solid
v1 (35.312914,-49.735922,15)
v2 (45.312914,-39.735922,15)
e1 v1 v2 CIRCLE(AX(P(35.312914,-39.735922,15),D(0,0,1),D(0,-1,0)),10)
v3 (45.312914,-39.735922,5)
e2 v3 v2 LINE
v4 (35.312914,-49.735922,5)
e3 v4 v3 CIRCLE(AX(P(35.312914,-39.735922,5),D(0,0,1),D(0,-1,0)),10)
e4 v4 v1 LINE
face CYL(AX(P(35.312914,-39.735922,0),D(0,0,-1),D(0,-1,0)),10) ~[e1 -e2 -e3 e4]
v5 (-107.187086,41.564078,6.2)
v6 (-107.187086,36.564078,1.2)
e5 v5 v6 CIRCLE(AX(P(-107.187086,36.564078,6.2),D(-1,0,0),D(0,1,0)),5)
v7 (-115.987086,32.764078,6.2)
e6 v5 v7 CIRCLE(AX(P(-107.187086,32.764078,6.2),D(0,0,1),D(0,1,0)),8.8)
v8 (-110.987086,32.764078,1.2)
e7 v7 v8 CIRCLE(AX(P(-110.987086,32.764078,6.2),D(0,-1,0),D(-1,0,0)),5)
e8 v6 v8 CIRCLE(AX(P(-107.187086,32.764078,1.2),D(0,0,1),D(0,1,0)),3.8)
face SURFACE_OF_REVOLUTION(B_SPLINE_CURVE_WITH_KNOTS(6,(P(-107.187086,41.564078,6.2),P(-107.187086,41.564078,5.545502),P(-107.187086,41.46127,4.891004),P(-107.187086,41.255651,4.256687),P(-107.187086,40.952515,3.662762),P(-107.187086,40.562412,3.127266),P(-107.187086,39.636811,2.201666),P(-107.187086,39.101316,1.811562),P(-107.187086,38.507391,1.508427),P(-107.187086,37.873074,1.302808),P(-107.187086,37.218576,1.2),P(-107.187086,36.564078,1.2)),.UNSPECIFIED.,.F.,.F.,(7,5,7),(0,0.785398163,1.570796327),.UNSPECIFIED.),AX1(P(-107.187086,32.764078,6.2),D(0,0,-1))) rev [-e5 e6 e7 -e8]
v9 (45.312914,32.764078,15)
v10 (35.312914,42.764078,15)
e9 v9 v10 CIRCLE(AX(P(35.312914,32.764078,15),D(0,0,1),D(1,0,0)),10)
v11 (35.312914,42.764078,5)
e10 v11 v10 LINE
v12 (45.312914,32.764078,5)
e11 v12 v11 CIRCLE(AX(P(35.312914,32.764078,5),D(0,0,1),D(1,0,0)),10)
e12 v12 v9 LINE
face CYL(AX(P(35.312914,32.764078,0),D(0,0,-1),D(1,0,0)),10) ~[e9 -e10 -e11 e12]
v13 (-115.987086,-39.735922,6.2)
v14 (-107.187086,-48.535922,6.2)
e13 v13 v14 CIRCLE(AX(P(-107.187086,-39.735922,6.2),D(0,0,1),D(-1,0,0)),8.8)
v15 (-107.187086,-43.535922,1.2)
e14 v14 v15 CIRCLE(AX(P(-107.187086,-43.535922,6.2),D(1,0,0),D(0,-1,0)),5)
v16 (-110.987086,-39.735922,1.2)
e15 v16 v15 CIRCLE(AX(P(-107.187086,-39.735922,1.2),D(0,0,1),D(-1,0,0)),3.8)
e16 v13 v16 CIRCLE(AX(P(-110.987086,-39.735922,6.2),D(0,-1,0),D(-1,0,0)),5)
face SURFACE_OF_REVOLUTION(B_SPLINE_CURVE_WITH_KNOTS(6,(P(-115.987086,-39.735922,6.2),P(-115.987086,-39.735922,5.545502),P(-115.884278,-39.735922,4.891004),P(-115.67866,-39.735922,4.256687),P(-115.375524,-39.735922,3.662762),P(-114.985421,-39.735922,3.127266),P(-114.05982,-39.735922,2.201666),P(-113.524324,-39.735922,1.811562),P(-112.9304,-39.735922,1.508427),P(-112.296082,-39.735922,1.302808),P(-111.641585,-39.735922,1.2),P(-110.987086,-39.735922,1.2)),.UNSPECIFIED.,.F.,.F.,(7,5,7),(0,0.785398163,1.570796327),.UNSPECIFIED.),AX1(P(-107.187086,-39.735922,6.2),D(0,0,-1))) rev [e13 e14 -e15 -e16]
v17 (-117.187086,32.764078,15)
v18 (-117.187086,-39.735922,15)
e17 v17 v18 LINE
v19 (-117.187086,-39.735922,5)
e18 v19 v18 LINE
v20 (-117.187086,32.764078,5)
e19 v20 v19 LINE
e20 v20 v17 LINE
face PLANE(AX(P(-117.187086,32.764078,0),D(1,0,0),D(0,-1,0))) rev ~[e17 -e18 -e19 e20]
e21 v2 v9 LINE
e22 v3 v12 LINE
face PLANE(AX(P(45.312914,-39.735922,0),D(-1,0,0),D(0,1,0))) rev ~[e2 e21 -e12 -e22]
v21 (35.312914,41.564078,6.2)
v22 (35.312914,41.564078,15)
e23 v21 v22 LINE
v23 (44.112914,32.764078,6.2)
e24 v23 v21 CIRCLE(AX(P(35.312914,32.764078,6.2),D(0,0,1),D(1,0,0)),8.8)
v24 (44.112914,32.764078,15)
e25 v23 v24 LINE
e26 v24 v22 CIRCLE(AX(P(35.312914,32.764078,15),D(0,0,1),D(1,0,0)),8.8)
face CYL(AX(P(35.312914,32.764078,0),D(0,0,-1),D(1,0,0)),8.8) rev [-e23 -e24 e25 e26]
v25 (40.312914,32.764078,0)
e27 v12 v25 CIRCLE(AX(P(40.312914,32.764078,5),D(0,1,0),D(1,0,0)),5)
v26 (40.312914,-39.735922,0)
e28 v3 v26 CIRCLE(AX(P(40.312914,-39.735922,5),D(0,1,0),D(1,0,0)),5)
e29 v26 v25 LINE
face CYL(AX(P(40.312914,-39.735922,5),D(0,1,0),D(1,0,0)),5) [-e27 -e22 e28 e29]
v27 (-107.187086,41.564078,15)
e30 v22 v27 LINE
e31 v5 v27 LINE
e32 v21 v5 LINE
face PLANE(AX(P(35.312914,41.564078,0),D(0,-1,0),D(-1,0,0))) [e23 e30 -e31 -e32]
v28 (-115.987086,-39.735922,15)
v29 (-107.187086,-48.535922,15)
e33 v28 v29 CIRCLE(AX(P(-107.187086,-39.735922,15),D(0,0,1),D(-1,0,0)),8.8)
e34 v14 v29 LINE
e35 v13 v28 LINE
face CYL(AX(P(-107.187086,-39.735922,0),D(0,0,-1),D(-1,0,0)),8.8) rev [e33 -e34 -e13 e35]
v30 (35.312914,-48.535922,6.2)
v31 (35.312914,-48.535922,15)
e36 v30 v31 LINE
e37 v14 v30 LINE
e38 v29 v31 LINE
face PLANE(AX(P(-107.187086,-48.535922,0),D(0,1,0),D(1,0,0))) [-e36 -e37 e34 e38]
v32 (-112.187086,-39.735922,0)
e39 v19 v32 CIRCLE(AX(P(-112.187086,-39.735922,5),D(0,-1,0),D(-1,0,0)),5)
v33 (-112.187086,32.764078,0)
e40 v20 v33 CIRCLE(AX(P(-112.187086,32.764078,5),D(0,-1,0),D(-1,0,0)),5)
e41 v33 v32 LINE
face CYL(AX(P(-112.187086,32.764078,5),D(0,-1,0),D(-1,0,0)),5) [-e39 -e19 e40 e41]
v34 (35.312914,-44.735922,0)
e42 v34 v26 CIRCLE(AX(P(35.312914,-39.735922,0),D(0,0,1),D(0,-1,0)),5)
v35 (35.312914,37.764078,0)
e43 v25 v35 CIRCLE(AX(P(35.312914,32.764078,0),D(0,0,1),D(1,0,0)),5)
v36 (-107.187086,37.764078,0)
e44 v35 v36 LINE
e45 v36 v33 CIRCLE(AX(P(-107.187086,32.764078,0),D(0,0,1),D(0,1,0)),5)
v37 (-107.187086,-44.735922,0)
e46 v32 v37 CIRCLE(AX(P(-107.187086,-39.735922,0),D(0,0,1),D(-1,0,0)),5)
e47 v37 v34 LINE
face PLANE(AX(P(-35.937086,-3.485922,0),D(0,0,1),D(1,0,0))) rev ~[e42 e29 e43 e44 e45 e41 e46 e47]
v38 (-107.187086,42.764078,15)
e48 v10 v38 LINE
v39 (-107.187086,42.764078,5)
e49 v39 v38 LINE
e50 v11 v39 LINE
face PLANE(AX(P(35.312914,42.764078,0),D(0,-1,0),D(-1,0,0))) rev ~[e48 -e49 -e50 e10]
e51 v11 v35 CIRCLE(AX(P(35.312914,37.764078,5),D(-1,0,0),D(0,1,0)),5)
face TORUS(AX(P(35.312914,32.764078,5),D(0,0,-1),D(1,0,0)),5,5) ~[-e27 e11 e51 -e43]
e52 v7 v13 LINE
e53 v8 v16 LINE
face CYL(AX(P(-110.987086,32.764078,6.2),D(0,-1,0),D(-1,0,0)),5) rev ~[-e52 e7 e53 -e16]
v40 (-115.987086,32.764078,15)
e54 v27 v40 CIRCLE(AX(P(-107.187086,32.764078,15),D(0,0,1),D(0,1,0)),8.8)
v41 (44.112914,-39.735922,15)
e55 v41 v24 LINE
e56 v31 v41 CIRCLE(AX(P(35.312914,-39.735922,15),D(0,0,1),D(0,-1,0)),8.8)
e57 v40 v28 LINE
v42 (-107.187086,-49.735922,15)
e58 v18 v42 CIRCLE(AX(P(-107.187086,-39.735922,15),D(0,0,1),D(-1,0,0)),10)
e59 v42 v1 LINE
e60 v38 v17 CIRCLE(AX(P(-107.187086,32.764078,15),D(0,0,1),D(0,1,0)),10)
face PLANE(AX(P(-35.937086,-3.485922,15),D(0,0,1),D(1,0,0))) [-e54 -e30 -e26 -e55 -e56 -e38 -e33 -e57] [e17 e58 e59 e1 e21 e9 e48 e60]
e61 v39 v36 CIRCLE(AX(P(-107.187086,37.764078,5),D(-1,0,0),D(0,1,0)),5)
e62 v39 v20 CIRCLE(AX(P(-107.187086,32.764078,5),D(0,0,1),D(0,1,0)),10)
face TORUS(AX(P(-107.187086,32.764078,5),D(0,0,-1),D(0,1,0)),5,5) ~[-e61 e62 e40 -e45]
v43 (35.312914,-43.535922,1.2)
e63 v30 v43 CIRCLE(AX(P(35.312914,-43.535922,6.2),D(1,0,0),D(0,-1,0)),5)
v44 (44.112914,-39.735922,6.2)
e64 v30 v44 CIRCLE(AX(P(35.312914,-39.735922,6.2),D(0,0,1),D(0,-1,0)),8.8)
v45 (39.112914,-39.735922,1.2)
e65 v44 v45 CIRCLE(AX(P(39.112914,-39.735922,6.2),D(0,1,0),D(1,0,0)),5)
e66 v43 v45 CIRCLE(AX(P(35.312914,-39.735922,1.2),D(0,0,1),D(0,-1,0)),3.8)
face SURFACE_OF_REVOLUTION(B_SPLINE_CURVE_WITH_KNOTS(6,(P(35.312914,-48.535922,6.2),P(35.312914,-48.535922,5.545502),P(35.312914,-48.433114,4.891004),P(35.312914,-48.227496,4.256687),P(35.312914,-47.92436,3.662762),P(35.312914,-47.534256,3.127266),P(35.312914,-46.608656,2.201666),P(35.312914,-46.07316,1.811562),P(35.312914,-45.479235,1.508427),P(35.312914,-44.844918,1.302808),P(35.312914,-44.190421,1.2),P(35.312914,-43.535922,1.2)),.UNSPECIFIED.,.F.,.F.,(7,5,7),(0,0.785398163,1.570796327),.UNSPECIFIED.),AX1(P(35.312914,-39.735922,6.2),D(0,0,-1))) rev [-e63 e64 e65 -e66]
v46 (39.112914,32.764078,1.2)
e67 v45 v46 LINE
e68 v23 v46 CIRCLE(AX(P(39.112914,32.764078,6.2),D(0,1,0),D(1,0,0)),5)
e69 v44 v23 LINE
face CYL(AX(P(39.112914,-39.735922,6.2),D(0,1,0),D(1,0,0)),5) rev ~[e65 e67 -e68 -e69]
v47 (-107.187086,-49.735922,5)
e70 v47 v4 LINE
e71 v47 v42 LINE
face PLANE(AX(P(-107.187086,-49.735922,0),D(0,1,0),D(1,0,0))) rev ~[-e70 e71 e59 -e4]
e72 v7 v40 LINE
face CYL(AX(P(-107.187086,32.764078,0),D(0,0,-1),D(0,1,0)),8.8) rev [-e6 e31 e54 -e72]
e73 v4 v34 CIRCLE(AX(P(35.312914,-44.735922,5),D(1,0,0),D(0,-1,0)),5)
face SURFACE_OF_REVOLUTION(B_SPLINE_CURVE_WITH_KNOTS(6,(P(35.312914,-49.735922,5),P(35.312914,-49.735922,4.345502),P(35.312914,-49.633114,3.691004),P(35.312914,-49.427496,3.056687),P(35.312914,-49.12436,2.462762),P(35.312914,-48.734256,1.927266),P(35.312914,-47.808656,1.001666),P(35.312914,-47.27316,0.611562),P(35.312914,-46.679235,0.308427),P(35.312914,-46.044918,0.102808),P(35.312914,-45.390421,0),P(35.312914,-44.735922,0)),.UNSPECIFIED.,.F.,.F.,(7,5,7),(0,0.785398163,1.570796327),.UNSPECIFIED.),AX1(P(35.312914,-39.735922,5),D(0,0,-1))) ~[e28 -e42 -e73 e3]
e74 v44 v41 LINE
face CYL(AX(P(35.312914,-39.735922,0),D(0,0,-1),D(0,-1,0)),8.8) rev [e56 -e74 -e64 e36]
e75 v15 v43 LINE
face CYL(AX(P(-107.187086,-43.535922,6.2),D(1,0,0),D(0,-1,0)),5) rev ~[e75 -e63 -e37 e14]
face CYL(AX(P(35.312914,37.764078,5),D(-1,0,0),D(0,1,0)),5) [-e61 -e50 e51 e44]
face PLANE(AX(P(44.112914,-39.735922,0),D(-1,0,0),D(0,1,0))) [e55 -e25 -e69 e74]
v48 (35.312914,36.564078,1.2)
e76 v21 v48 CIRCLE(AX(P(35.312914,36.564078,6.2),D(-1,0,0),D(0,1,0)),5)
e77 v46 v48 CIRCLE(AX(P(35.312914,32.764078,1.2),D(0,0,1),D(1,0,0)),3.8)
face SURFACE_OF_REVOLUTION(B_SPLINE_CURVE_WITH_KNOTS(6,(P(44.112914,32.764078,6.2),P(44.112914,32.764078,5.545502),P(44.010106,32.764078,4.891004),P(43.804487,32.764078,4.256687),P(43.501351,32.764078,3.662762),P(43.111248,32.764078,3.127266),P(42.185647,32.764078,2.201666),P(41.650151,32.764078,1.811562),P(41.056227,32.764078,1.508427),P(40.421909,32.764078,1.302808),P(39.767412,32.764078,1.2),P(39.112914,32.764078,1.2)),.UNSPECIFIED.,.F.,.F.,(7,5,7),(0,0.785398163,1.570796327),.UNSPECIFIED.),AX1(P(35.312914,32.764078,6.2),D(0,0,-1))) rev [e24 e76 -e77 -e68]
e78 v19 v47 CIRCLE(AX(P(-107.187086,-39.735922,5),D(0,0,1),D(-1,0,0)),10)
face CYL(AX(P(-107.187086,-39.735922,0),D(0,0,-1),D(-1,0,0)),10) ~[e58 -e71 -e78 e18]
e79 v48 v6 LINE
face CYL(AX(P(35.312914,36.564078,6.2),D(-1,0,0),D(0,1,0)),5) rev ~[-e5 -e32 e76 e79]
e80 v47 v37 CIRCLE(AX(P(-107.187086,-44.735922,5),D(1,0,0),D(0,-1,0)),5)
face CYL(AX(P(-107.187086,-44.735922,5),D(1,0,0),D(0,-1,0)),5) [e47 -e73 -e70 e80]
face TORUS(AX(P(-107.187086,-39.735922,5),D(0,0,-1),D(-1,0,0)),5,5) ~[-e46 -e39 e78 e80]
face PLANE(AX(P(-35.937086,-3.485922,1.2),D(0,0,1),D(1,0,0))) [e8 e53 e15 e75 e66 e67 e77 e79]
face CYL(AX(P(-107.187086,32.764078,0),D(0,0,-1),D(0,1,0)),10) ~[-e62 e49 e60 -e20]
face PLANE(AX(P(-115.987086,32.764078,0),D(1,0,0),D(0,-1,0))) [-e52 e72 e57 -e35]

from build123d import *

# Parameters (mm, degrees)
F1_DEPTH = 15
F2_T     = -1.2
F3_R     = 5
F4_R     = 5


with BuildPart() as f1:
    # F0 (on Top) → F1 (new body)
    with BuildSketch(Plane.XY):
        with BuildLine():
            Line((35.3129135817, 42.7640778485), (-107.1870864183, 42.7640778485))
            ThreePointArc((-107.1870864183, 42.7640778485), (-114.2581542301, 39.8351456603), (-117.1870864183, 32.7640778485))
            Line((-117.1870864183, 32.7640778485), (-117.1870864183, -39.7359221515))
            ThreePointArc((-117.1870864183, -39.7359221515), (-114.2581542301, -46.8069899634), (-107.1870864183, -49.7359221515))
            Line((-107.1870864183, -49.7359221515), (35.3129135817, -49.7359221515))
            ThreePointArc((35.3129135817, -49.7359221515), (42.3839813936, -46.8069899634), (45.3129135817, -39.7359221515))
            Line((45.3129135817, -39.7359221515), (45.3129135817, 32.7640778485))
            ThreePointArc((45.3129135817, 32.7640778485), (42.3839813936, 39.8351456603), (35.3129135817, 42.7640778485))
        make_face()
    extrude(amount=F1_DEPTH)

    # F2
    f2_openings = [f1.faces().sort_by_distance(p)[0] for p in [
        (-35.937086, -3.485922, 15),
    ]]
    offset(amount=F2_T, openings=f2_openings)

    # F3
    f3_edges = [f1.edges().sort_by_distance(p)[0] for p in [
        (-35.937086, 41.564078, 1.2),
        (-113.409626, 38.986618, 1.2),
        (-115.987086, -3.485922, 1.2),
        (-113.409626, -45.958462, 1.2),
        (-35.937086, -48.535922, 1.2),
        (41.535453, -45.958462, 1.2),
        (44.112914, -3.485922, 1.2),
        (41.535453, 38.986618, 1.2),
    ]]
    fillet(f3_edges, radius=F3_R)

    # F4
    f4_edges = [f1.edges().sort_by_distance(p)[0] for p in [
        (-35.937086, 42.764078, 0),
        (-114.258154, 39.835146, 0),
        (-117.187086, -3.485922, 0),
        (-114.258154, -46.80699, 0),
        (-35.937086, -49.735922, 0),
        (42.383981, -46.80699, 0),
        (45.312914, -3.485922, 0),
        (42.383981, 39.835146, 0),
    ]]
    fillet(f4_edges, radius=F4_R)


solid = f1.part
